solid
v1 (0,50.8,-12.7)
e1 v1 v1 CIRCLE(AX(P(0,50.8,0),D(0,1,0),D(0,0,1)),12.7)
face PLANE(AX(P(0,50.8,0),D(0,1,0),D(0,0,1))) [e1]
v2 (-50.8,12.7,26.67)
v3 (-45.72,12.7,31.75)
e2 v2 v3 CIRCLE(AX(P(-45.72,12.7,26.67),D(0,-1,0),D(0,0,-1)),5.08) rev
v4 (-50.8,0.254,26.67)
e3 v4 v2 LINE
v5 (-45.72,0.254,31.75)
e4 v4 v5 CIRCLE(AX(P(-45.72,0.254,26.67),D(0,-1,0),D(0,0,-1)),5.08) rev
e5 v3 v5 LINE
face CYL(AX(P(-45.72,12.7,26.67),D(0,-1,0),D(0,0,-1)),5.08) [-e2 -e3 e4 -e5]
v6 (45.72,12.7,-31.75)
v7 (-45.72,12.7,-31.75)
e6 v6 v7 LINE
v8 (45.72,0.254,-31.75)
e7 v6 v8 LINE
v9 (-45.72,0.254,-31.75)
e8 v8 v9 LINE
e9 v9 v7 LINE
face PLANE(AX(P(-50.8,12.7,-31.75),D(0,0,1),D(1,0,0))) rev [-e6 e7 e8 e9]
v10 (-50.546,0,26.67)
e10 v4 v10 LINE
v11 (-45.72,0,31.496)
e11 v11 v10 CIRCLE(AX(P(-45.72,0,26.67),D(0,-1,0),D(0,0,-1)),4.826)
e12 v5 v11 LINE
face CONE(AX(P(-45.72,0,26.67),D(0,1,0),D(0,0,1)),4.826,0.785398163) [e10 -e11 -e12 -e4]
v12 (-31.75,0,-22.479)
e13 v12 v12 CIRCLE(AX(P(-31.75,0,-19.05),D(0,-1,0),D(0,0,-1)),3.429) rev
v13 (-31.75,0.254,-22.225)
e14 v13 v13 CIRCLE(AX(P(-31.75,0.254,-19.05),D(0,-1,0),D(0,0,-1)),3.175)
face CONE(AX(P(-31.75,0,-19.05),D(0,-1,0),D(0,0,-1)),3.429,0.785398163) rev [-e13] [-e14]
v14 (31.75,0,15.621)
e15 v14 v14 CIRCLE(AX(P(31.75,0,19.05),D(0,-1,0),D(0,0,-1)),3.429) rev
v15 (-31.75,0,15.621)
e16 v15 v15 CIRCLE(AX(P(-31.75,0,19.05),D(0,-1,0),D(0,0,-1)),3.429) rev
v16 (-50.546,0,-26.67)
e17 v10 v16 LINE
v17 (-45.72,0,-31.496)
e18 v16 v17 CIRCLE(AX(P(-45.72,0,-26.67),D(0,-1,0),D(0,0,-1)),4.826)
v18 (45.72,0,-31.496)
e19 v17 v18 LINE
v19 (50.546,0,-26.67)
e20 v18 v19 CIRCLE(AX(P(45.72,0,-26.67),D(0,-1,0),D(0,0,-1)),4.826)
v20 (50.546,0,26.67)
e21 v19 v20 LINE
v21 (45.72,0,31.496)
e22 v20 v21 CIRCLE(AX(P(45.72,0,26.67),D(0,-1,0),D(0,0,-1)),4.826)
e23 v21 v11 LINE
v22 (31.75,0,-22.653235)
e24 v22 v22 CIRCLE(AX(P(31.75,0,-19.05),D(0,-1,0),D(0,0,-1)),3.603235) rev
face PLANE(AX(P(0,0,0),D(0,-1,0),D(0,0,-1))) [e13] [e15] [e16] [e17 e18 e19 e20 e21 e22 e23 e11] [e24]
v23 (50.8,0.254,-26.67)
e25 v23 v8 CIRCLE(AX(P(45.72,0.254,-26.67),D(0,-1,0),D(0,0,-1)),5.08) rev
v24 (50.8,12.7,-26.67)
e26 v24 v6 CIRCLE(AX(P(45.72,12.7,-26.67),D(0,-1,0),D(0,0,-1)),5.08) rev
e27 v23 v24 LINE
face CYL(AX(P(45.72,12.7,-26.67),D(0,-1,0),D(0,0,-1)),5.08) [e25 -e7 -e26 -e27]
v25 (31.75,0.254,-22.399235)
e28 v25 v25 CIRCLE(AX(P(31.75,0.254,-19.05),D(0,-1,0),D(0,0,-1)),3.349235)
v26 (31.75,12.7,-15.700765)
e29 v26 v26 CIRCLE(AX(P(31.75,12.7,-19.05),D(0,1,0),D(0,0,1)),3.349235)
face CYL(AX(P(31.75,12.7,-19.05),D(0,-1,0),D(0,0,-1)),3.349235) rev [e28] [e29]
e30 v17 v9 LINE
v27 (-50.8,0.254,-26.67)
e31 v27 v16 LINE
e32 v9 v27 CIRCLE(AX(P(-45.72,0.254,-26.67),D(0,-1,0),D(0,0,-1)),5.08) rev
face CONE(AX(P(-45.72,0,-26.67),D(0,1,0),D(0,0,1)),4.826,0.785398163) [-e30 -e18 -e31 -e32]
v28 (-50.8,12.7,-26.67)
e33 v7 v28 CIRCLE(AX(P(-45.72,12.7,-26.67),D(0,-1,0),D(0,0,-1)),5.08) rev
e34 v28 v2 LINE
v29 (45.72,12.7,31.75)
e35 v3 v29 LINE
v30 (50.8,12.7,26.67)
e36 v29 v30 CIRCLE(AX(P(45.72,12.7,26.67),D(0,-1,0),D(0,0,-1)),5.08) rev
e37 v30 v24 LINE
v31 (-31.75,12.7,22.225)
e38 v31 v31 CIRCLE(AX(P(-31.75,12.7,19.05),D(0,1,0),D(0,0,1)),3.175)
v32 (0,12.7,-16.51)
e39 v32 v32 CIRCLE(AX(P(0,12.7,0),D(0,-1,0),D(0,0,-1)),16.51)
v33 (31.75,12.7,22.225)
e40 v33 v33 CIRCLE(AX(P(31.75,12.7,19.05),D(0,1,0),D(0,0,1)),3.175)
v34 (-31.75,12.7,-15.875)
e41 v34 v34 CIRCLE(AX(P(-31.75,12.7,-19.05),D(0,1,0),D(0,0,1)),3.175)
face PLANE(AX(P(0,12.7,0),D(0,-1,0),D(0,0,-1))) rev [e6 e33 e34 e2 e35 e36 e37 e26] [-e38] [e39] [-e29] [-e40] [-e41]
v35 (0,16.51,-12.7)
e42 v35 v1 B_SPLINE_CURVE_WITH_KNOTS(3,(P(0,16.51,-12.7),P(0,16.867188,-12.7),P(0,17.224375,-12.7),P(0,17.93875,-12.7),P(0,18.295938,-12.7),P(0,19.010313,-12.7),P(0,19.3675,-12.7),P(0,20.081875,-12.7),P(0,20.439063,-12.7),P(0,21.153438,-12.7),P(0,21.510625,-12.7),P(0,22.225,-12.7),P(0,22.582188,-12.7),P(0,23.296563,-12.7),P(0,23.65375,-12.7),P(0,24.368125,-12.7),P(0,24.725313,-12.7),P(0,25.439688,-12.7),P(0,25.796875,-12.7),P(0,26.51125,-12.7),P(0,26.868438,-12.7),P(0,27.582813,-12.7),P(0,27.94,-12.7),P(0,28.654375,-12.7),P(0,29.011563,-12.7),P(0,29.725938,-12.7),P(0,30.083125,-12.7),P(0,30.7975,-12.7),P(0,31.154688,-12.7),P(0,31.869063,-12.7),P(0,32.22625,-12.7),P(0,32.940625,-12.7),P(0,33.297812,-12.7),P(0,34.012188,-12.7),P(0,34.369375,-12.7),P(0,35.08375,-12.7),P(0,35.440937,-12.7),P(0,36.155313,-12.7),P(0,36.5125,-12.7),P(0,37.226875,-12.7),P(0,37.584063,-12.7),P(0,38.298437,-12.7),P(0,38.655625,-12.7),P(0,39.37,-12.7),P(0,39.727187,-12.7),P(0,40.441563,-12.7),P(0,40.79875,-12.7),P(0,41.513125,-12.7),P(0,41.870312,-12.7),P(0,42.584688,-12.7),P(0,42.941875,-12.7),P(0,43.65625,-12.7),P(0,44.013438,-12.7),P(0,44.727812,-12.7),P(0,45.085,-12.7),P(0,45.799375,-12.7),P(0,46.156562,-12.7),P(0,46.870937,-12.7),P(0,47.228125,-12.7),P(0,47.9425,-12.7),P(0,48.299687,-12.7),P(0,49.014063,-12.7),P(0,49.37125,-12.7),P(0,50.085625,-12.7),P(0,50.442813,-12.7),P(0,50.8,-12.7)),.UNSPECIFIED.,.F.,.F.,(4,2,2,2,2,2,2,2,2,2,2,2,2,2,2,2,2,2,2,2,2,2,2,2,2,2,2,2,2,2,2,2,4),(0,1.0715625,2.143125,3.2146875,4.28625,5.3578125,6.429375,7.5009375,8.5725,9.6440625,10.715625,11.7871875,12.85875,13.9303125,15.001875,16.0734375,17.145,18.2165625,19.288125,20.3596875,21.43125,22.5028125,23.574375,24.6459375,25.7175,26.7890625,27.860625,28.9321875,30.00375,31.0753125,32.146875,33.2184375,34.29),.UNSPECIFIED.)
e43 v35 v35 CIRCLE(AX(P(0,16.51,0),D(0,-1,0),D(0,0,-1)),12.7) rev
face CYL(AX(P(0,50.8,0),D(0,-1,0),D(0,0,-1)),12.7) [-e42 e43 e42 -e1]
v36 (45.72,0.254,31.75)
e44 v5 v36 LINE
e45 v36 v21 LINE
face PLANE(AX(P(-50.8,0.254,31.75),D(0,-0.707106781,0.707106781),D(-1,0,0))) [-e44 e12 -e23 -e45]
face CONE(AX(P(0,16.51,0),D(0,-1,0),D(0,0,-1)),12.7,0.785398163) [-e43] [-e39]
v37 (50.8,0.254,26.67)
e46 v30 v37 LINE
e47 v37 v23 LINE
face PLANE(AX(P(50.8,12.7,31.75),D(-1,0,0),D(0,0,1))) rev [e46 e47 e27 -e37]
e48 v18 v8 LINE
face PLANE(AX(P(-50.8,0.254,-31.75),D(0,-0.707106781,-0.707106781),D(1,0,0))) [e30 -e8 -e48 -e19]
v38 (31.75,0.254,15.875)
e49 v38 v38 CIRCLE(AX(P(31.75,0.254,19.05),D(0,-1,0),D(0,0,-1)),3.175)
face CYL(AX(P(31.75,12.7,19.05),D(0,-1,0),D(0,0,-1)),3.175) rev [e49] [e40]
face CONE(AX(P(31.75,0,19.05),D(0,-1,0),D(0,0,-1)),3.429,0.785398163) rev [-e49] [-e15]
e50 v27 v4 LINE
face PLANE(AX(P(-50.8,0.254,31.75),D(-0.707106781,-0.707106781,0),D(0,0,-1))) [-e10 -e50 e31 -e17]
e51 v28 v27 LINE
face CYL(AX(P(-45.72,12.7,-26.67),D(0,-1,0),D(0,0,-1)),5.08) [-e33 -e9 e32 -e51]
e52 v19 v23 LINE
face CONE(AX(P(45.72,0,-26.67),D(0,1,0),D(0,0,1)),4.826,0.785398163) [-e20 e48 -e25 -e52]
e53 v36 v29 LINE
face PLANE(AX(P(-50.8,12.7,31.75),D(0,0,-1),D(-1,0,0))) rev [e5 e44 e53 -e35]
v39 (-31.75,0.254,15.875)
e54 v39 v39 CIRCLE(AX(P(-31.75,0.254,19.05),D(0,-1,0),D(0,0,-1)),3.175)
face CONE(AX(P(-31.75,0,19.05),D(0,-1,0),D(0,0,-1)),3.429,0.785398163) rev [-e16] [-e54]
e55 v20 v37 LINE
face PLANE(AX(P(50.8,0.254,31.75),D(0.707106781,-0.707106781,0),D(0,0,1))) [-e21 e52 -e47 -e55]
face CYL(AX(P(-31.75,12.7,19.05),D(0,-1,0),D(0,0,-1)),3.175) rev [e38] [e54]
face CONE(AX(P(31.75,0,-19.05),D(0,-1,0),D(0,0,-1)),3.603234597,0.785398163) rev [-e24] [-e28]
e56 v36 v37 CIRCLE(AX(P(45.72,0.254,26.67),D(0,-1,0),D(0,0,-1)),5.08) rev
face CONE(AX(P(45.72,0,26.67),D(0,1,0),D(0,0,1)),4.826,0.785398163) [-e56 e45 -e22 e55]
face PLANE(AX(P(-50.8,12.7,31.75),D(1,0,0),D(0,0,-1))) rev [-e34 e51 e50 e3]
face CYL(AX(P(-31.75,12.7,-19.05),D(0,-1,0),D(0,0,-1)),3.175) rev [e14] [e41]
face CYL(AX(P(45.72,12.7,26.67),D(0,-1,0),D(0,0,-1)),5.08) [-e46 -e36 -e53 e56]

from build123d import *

# Parameters (mm, degrees)
SKETCH1_W           = 101.6
SKETCH1_H           = 63.5
SKETCH1_R           = 3.175
SKETCH1_R_2         = 3.349234597
BOSS_EXTRUDE1_DEPTH = 12.7
SKETCH2_R           = 12.7
BOSS_EXTRUDE2_DEPTH = 38.1
CHAMFER1_SIZE       = 3.81
FILLET1_R           = 5.08
CHAMFER2_SIZE       = 0.254


with BuildPart() as part:
    # Sketch1 → Boss-Extrude1 (new body)
    with BuildSketch(Plane(origin=(0, 0, 0), x_dir=(1, 0, 0), z_dir=(0, 1, 0))):
        Rectangle(SKETCH1_W, SKETCH1_H)
        with Locations(Location((-31.75, 19.05, 0), (0, 0, 270))):
            Circle(SKETCH1_R, mode=Mode.SUBTRACT)
        with Locations(Location((-31.75, -19.05, 0), (0, 0, 270))):
            Circle(SKETCH1_R, mode=Mode.SUBTRACT)
        with Locations(Location((31.75, -19.05, 0), (0, 0, 270))):
            Circle(SKETCH1_R, mode=Mode.SUBTRACT)
        with Locations(Location((31.75, 19.05, 0), (0, 0, 270))):
            Circle(SKETCH1_R_2, mode=Mode.SUBTRACT)
    extrude(amount=BOSS_EXTRUDE1_DEPTH)

    # Sketch2 → Boss-Extrude2 (add)
    with BuildSketch(Plane(origin=(0, 12.7, 0), x_dir=(1, 0, 0), z_dir=(0, 1, 0))):
        with Locations(Location((0, 0, 0), (0, 0, 90))):
            Circle(SKETCH2_R)
    extrude(amount=BOSS_EXTRUDE2_DEPTH)

    # Chamfer1
    chamfer1_edges = [part.edges().sort_by_distance(p)[0] for p in [
        (0, 12.7, 12.7),
    ]]
    chamfer(chamfer1_edges, length=CHAMFER1_SIZE)

    # Fillet1
    fillet1_edges = [part.edges().sort_by_distance(p)[0] for p in [
        (50.8, 6.35, 31.75),
        (-50.8, 6.35, 31.75),
        (-50.8, 6.35, -31.75),
        (50.8, 6.35, -31.75),
    ]]
    fillet(fillet1_edges, radius=FILLET1_R)

    # Chamfer2
    chamfer2_edges = [part.edges().sort_by_distance(p)[0] for p in [
        (-31.75, 0, 15.875),
        (-31.75, 0, -22.225),
        (31.75, 0, 15.875),
        (31.75, 0, -22.399234597),
        (0, 0, 31.75),
        (50.8, 0, 0),
        (-50.8, 0, 0),
        (0, 0, -31.75),
        (-49.312102448, 0, -30.262102448),
        (49.312102448, 0, -30.262102448),
        (49.312102448, 0, 30.262102448),
        (-49.312102448, 0, 30.262102448),
    ]]
    chamfer(chamfer2_edges, length=CHAMFER2_SIZE)


solid = part.part
